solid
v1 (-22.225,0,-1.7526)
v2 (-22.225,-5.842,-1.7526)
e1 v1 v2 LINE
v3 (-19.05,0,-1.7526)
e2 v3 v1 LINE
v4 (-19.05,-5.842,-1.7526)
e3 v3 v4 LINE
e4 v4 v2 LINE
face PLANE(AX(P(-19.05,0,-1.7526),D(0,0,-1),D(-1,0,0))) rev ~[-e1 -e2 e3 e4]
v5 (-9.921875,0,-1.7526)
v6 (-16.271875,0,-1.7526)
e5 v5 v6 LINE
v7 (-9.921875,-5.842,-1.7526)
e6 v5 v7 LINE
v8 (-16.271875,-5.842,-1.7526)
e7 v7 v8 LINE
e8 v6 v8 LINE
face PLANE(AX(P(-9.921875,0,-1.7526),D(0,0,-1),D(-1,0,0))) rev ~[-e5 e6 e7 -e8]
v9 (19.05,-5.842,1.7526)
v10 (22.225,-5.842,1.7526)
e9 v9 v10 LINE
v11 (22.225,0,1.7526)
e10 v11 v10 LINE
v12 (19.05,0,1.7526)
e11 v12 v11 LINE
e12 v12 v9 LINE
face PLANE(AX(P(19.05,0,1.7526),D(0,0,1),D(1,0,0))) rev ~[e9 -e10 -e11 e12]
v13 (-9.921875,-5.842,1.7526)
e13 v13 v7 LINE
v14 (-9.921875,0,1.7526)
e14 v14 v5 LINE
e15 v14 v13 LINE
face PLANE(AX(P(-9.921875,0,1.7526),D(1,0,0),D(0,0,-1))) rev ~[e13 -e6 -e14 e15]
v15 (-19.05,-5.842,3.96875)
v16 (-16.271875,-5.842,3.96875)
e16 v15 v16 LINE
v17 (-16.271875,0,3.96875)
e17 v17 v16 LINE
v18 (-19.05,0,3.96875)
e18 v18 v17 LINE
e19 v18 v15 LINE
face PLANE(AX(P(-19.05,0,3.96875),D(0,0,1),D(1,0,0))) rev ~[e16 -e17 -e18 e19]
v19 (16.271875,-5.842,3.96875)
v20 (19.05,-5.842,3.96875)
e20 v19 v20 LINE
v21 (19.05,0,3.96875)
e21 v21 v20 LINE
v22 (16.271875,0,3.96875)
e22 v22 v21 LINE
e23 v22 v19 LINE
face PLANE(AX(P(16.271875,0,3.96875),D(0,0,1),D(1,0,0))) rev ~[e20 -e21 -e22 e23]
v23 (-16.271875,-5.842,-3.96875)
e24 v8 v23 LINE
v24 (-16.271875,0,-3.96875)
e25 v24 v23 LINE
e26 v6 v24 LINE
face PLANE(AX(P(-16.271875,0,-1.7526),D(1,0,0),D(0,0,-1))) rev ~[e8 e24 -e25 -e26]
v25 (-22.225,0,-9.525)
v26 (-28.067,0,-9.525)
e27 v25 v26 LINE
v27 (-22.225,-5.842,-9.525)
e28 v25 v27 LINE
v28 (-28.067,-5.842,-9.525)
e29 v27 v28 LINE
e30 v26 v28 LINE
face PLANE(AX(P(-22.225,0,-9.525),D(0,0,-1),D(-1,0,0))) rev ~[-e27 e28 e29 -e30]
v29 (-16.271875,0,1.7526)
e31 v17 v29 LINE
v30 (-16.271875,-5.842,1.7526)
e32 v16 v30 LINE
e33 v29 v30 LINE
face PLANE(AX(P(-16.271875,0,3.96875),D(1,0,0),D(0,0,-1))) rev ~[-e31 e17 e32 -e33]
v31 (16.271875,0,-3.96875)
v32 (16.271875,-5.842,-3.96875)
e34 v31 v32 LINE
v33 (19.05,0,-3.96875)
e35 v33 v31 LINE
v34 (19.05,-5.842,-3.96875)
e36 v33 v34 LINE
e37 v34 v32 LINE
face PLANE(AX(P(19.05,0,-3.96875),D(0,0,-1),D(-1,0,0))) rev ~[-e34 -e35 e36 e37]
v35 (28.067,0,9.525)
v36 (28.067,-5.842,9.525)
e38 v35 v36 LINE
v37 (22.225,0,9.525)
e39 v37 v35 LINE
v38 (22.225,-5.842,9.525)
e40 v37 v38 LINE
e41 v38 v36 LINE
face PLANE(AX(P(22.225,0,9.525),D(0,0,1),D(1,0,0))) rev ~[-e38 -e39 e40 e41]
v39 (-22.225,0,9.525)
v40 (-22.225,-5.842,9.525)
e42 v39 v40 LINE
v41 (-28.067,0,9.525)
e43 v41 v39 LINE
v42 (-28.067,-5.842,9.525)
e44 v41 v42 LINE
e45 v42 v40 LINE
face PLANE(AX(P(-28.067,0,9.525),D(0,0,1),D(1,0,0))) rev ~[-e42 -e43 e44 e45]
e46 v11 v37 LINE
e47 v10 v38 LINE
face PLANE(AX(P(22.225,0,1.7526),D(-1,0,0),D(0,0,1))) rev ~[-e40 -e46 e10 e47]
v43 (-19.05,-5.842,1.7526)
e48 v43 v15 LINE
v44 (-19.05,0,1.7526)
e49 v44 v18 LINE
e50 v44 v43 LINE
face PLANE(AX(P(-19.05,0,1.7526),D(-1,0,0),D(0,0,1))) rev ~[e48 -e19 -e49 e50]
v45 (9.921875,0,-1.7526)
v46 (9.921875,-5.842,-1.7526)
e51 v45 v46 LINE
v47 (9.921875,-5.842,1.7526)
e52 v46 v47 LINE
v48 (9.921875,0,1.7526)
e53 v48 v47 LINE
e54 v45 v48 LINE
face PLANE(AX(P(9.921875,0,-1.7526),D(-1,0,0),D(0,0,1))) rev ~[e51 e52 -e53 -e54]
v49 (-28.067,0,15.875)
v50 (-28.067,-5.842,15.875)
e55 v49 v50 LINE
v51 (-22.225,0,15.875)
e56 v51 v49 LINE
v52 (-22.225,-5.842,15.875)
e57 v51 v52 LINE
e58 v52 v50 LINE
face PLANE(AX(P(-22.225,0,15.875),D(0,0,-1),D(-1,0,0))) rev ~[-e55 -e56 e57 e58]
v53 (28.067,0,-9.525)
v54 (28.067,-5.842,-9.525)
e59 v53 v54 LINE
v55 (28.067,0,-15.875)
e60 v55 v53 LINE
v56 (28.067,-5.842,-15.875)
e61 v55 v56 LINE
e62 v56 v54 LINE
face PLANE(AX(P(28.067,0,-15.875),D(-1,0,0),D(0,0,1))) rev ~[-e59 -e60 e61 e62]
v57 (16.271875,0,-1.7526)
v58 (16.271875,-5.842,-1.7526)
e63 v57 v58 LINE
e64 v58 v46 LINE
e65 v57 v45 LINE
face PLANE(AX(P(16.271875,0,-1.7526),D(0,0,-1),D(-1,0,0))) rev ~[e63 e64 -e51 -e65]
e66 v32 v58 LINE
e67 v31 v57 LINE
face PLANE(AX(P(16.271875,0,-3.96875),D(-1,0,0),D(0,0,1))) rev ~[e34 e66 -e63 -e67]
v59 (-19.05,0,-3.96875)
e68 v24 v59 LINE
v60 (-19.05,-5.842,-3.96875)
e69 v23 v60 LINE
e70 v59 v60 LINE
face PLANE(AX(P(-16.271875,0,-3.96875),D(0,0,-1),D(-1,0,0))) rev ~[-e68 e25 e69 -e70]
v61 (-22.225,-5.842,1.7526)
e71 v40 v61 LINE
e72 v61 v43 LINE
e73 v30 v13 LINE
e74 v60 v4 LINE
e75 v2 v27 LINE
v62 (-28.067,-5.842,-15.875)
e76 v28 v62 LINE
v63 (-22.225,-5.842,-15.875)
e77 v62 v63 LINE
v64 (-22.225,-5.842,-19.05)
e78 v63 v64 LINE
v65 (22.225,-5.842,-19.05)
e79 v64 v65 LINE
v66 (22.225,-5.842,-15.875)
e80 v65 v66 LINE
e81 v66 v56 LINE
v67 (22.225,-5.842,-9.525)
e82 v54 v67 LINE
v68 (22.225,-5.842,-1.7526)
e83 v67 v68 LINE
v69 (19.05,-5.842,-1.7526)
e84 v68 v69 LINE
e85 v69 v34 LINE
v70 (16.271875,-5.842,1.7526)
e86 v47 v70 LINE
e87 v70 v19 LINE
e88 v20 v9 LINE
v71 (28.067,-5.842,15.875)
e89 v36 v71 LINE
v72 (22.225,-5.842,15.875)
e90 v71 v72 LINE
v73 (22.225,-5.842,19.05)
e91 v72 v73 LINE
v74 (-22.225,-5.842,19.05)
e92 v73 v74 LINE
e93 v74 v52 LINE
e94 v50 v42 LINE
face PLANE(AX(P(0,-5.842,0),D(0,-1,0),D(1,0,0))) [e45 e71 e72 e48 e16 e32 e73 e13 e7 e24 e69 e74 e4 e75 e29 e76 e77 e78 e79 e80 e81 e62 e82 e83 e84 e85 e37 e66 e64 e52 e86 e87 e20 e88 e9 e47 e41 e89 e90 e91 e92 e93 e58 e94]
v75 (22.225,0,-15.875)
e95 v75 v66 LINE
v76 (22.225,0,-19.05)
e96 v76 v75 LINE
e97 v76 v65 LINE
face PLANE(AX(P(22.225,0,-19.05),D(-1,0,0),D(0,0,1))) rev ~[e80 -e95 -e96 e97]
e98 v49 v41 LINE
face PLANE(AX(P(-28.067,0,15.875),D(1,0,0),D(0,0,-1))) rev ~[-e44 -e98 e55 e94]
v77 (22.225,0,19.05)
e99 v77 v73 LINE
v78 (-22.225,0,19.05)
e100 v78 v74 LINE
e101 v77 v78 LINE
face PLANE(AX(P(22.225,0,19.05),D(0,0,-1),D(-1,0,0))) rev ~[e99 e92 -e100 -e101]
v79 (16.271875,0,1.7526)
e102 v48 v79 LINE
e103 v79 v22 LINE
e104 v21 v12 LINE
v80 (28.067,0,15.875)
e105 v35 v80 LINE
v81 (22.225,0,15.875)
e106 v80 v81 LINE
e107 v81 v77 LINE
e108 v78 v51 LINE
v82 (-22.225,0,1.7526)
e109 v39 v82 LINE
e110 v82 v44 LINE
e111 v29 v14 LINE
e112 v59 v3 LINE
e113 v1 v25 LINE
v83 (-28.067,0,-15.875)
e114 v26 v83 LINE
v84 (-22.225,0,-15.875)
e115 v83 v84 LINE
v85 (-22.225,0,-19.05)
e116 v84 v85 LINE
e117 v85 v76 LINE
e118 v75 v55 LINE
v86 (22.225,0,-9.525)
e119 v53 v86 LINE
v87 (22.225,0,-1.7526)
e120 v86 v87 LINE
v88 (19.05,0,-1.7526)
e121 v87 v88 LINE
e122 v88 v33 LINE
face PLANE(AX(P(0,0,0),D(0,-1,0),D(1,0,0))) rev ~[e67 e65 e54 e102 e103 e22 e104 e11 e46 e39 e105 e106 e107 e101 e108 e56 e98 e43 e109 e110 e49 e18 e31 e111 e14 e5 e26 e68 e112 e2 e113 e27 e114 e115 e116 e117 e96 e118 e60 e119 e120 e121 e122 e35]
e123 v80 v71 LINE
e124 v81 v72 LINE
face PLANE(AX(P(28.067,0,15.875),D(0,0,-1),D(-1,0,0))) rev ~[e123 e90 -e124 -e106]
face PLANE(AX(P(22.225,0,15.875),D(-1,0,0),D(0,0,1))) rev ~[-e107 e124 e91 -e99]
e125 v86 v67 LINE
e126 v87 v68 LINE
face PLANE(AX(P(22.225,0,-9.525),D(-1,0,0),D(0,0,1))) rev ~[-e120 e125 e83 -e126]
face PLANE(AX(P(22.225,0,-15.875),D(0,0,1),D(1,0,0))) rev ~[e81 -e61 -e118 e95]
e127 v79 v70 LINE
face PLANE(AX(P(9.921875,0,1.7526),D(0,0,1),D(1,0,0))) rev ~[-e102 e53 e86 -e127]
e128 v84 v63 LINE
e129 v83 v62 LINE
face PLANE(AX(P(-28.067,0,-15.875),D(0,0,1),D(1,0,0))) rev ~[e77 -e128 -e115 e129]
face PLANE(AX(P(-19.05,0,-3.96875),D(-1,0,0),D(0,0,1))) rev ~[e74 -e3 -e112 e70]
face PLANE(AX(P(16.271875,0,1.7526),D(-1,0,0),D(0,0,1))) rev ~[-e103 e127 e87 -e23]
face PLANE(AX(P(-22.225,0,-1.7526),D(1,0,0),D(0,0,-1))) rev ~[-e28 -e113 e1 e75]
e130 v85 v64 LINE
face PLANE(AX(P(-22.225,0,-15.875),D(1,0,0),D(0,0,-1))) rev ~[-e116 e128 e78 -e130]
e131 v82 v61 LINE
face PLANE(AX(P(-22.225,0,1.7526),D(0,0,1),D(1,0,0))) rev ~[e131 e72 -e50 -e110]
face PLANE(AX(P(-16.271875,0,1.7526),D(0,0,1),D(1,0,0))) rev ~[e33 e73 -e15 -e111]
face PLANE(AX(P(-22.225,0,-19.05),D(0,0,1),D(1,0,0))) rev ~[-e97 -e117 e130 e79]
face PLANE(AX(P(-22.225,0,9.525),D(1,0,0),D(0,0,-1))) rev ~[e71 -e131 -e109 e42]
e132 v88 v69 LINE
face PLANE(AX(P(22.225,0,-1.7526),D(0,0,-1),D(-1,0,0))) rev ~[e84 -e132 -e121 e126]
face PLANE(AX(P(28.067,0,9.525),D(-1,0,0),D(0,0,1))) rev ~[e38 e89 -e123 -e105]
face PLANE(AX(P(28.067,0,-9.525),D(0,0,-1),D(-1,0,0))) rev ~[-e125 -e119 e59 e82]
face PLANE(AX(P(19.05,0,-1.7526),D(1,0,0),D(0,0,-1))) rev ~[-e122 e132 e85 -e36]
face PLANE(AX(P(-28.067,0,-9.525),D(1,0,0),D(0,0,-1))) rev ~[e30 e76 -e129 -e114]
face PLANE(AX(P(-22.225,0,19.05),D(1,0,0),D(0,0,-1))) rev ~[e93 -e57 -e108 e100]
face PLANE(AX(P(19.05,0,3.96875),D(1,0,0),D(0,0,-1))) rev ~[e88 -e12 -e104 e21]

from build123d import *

# Parameters (mm, degrees)
F1_DEPTH = 5.842


with BuildPart() as f1:
    # F0 (on Front) → F1 (new body)
    with BuildSketch(Plane.XZ):
        Polygon((22.225, 19.05), (-22.225, 19.05), (-22.225, 15.875), (-28.067, 15.875), (-28.067, 9.525), (-22.225, 9.525), (-22.225, 1.7526), (-19.05, 1.7526), (-19.05, 3.96875), (-16.271875, 3.96875), (-16.271875, 1.7526), (-9.921875, 1.7526), (-9.921875, -1.7526), (-16.271875, -1.7526), (-16.271875, -3.96875), (-19.05, -3.96875), (-19.05, -1.7526), (-22.225, -1.7526), (-22.225, -9.525), (-28.067, -9.525), (-28.067, -15.875), (-22.225, -15.875), (-22.225, -19.05), (22.225, -19.05), (22.225, -15.875), (28.067, -15.875), (28.067, -9.525), (22.225, -9.525), (22.225, -1.7526), (19.05, -1.7526), (19.05, -3.96875), (16.271875, -3.96875), (16.271875, -1.7526), (9.921875, -1.7526), (9.921875, 1.7526), (16.271875, 1.7526), (16.271875, 3.96875), (19.05, 3.96875), (19.05, 1.7526), (22.225, 1.7526), (22.225, 9.525), (28.067, 9.525), (28.067, 15.875), (22.225, 15.875), align=None)
    extrude(amount=F1_DEPTH)


solid = f1.part
